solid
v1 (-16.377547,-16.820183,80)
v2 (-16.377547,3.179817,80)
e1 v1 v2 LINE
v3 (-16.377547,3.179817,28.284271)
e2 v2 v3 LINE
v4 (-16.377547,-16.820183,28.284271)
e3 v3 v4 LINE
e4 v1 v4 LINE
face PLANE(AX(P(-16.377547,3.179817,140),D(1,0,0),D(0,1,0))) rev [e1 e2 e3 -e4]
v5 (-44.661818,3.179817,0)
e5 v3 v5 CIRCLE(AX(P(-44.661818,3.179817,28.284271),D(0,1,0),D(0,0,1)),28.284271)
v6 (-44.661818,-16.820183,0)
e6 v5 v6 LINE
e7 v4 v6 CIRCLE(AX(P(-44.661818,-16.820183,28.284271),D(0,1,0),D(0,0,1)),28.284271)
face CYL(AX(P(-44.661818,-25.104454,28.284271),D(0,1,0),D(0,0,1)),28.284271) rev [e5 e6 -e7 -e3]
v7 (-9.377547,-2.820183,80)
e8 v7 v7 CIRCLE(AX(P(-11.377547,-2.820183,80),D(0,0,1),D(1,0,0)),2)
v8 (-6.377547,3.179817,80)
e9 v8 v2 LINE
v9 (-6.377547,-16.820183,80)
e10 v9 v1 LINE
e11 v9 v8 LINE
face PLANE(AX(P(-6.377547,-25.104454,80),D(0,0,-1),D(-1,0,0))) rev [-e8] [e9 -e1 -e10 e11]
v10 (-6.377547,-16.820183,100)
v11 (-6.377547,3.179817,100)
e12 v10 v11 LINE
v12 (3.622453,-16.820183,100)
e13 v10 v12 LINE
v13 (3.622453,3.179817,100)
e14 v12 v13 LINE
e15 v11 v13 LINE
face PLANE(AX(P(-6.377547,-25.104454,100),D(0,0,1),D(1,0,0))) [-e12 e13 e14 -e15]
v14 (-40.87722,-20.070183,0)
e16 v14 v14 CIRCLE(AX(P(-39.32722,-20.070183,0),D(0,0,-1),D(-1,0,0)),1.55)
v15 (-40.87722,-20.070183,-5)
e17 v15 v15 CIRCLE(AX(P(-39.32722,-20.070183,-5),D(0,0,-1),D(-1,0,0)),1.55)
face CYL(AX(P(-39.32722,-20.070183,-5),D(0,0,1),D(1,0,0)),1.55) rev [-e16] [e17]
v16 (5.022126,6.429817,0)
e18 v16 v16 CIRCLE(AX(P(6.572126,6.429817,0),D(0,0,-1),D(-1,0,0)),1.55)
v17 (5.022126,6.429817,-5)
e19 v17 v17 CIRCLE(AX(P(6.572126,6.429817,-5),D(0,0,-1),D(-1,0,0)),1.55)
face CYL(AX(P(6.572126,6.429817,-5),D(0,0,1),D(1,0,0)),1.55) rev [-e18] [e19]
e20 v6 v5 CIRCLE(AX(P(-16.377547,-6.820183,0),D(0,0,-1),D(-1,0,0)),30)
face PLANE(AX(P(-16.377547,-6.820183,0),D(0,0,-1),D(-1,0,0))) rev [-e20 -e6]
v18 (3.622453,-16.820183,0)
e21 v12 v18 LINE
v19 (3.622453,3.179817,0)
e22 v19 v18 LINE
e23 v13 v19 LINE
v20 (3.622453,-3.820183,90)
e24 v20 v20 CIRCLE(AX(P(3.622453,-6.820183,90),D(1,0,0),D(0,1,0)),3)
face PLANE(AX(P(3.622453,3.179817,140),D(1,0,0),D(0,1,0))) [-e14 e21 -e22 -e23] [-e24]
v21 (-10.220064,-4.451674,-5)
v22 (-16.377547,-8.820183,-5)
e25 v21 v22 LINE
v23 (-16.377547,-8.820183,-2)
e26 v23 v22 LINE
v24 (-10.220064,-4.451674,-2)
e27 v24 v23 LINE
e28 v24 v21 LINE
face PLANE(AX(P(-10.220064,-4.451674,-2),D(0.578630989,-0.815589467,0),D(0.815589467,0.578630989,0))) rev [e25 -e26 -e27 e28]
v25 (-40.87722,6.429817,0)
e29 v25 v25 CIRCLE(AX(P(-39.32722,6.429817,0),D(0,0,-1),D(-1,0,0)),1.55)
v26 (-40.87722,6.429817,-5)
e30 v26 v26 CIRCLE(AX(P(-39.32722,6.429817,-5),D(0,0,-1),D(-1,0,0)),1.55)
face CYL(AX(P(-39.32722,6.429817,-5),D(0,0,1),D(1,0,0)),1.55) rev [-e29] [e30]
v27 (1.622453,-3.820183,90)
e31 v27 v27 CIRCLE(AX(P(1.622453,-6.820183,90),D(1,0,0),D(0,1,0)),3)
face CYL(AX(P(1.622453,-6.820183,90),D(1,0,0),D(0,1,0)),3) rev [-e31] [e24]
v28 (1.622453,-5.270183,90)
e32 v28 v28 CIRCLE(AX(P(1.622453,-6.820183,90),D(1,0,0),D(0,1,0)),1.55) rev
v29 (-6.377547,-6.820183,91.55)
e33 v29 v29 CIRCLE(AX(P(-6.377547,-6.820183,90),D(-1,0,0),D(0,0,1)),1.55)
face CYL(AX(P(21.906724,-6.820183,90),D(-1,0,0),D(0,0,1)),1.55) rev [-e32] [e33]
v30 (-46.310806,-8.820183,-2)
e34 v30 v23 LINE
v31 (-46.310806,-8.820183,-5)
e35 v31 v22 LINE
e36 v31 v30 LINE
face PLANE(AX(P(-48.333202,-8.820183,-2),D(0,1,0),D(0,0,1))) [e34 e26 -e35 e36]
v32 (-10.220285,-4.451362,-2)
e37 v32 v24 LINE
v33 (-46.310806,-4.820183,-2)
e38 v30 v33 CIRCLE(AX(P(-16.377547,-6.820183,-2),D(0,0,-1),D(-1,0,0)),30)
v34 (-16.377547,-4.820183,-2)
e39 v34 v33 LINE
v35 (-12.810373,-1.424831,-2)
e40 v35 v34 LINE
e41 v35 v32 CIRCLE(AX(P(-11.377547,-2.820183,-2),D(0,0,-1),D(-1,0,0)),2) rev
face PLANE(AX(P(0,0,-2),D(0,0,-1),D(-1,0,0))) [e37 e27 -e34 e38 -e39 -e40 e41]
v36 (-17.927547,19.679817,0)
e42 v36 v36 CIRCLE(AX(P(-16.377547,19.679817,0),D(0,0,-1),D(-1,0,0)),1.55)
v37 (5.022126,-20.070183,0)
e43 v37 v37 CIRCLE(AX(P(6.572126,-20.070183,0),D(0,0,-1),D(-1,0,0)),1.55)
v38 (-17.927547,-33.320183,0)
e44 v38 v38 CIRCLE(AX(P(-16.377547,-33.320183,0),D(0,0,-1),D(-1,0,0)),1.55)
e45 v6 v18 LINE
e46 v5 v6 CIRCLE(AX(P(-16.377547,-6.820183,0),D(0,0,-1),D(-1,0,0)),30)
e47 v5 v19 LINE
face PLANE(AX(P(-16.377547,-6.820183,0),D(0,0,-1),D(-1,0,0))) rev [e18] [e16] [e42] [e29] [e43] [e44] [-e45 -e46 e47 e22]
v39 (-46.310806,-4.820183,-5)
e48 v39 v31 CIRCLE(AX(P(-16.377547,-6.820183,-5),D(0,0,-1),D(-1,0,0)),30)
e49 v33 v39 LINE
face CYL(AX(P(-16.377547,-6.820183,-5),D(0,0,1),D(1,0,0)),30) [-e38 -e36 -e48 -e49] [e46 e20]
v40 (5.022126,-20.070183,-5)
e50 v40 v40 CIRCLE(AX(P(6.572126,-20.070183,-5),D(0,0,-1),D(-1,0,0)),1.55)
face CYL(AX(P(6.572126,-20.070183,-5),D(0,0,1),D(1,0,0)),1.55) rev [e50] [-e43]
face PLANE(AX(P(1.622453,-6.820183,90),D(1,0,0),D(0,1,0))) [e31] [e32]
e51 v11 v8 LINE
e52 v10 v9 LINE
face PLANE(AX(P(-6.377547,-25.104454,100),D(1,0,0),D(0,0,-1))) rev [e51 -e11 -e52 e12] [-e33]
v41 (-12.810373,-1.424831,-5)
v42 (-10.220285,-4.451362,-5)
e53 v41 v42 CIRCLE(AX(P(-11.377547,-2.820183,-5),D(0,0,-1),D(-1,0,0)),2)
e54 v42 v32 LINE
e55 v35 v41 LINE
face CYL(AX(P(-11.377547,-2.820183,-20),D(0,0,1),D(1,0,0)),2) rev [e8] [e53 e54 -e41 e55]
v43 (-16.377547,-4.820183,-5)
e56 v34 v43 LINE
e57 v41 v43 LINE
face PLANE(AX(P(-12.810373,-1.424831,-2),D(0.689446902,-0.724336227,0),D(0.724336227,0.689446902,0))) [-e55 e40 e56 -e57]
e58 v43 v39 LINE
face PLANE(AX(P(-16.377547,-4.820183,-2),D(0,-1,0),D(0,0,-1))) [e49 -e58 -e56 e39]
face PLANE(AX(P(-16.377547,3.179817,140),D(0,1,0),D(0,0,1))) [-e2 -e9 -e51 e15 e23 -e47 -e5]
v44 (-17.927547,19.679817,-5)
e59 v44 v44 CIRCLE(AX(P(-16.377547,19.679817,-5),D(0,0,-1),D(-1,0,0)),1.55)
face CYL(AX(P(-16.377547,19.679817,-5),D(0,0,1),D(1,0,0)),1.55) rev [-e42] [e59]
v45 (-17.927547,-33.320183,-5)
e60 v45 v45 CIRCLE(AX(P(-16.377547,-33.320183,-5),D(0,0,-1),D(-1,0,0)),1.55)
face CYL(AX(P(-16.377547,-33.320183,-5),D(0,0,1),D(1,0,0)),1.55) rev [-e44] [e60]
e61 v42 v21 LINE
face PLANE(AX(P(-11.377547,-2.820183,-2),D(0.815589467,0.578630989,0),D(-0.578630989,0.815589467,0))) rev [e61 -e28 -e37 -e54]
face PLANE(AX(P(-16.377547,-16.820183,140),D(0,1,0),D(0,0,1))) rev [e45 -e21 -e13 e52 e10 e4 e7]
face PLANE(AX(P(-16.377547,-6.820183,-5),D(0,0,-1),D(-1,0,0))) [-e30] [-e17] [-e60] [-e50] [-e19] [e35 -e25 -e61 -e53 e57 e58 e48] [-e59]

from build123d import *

# Parameters (mm, degrees)
SKETCH_1_W          = 20
SKETCH_1_H          = 20
EXTRUDE_1_DEPTH     = 140
SKETCH_2_R          = 30
SKETCH_2_R_2        = 1.55
EXTRUDE_2_DEPTH     = 5
SKETCH_3_W          = 28.284271248
SKETCH_3_H          = 20
EXTRUDE_3_DEPTH     = 28.28427125
CUT_EXTRUDE_1_DEPTH = 28.28427125
CUT_EXTRUDE_2_DEPTH = 28.28427125
CUT_EXTRUDE_3_DEPTH = 28.28427125
SKETCH_8_R          = 3
CUT_EXTRUDE_4_DEPTH = 2
SKETCH_9_R          = 2
CUT_EXTRUDE_5_DEPTH = 100
CUT_EXTRUDE_6_DEPTH = 3


with BuildPart() as part:
    # 草图1 → 凸台-拉伸1 (new body)
    with BuildSketch(Plane.XY):
        with Locations((-6.377546769, -6.820183169)):
            Rectangle(SKETCH_1_W, SKETCH_1_H)
    extrude(amount=EXTRUDE_1_DEPTH)

    # 草图2 → 凸台-拉伸2 (add)
    with BuildSketch(Plane(origin=(0, 0, 0), x_dir=(-1, 0, 0), z_dir=(0, 0, -1))):
        with Locations((16.377546769, -6.820183169)):
            Circle(SKETCH_2_R)
        with Locations((-6.572126431, 6.429816831)):
            Circle(SKETCH_2_R_2, mode=Mode.SUBTRACT)
        with Locations((16.377546769, 19.679816831)):
            Circle(SKETCH_2_R_2, mode=Mode.SUBTRACT)
        with Locations((39.32721997, 6.429816831)):
            Circle(SKETCH_2_R_2, mode=Mode.SUBTRACT)
        with Locations((39.32721997, -20.070183169)):
            Circle(SKETCH_2_R_2, mode=Mode.SUBTRACT)
        with Locations((16.377546769, -33.320183169)):
            Circle(SKETCH_2_R_2, mode=Mode.SUBTRACT)
        with Locations((-6.572126431, -20.070183169)):
            Circle(SKETCH_2_R_2, mode=Mode.SUBTRACT)
    extrude(amount=EXTRUDE_2_DEPTH)

    # 草图3 → 凸台-拉伸3 (add)
    with BuildSketch(Plane.XY):
        with Locations((-30.519682393, -6.820183169)):
            Rectangle(SKETCH_3_W, SKETCH_3_H)
    extrude(amount=EXTRUDE_3_DEPTH)

    # 草图4 → 切除-拉伸1 (cut)
    with BuildSketch(Plane(origin=(0, 3.179816831, 0), x_dir=(1, 0, 0), z_dir=(0, 1, 0))):
        with BuildLine():
            Line((-44.661818017, -3e-09), (-44.661818017, -28.28427125))
            Line((-44.661818017, -28.28427125), (-16.377546769, -28.28427125))
            ThreePointArc((-16.377546769, -28.28427125), (-24.661818017, -8.28427125), (-44.661818017, -3e-09))
        make_face()
    extrude(amount=-CUT_EXTRUDE_1_DEPTH, mode=Mode.SUBTRACT)

    # 草图6 → 切除-拉伸2 (cut)
    with BuildSketch(Plane(origin=(0, 3.179816831, 0), x_dir=(1, 0, 0), z_dir=(0, 1, 0))):
        Polygon((3.622453231, -140), (3.622453231, -100), (-6.377546769, -100), (-6.377546769, -80), (-16.377546769, -80), (-16.377546769, -100), (-16.377546769, -140), align=None)
    extrude(amount=-CUT_EXTRUDE_2_DEPTH, mode=Mode.SUBTRACT)

    # 草图7 → 切除-拉伸3 (cut)
    with BuildSketch(Plane.ZY.offset(6.377546769)):
        with BuildLine():
            ThreePointArc((91.55, -6.820183169), (90.59315932, -5.388169893), (88.903984489, -5.724167658))
            Line((88.903984489, -5.724167658), (91.096015511, -7.91619868))
            ThreePointArc((91.096015511, -7.91619868), (91.432013275, -7.413342489), (91.55, -6.820183169))
        make_face()
        with BuildLine():
            Line((91.096015511, -7.91619868), (88.903984489, -5.724167658))
            ThreePointArc((88.903984489, -5.724167658), (88.903984489, -7.91619868), (91.096015511, -7.91619868))
        make_face()
    extrude(amount=-CUT_EXTRUDE_3_DEPTH, mode=Mode.SUBTRACT)

    # 草图8 → 切除-拉伸4 (cut)
    with BuildSketch(Plane(origin=(3.622453231, 0, 0), x_dir=(0, 0, -1), z_dir=(1, 0, 0))):
        with Locations(Location((-90, -6.820183169, 0), (0, 0, 90))):
            Circle(SKETCH_8_R)
    extrude(amount=-CUT_EXTRUDE_4_DEPTH, mode=Mode.SUBTRACT)

    # 草图9 → 切除-拉伸5 (cut)
    with BuildSketch(Plane.XY.offset(80)):
        with Locations((-11.377546769, -2.820183169)):
            Circle(SKETCH_9_R)
    extrude(amount=-CUT_EXTRUDE_5_DEPTH, mode=Mode.SUBTRACT)

    # 草图10 → 切除-拉伸6 (cut)
    with BuildSketch(Plane(origin=(0, 0, -5), x_dir=(-1, 0, 0), z_dir=(0, 0, -1))):
        Polygon((16.377546769, -4.820183169), (48.333202205, -4.820183169), (48.333202205, -8.820183169), (16.377546769, -8.820183169), (10.220063838, -4.45167354), (11.377546769, -2.820183169), (12.810373312, -1.424830848), align=None)
    extrude(amount=-CUT_EXTRUDE_6_DEPTH, mode=Mode.SUBTRACT)


solid = part.part
